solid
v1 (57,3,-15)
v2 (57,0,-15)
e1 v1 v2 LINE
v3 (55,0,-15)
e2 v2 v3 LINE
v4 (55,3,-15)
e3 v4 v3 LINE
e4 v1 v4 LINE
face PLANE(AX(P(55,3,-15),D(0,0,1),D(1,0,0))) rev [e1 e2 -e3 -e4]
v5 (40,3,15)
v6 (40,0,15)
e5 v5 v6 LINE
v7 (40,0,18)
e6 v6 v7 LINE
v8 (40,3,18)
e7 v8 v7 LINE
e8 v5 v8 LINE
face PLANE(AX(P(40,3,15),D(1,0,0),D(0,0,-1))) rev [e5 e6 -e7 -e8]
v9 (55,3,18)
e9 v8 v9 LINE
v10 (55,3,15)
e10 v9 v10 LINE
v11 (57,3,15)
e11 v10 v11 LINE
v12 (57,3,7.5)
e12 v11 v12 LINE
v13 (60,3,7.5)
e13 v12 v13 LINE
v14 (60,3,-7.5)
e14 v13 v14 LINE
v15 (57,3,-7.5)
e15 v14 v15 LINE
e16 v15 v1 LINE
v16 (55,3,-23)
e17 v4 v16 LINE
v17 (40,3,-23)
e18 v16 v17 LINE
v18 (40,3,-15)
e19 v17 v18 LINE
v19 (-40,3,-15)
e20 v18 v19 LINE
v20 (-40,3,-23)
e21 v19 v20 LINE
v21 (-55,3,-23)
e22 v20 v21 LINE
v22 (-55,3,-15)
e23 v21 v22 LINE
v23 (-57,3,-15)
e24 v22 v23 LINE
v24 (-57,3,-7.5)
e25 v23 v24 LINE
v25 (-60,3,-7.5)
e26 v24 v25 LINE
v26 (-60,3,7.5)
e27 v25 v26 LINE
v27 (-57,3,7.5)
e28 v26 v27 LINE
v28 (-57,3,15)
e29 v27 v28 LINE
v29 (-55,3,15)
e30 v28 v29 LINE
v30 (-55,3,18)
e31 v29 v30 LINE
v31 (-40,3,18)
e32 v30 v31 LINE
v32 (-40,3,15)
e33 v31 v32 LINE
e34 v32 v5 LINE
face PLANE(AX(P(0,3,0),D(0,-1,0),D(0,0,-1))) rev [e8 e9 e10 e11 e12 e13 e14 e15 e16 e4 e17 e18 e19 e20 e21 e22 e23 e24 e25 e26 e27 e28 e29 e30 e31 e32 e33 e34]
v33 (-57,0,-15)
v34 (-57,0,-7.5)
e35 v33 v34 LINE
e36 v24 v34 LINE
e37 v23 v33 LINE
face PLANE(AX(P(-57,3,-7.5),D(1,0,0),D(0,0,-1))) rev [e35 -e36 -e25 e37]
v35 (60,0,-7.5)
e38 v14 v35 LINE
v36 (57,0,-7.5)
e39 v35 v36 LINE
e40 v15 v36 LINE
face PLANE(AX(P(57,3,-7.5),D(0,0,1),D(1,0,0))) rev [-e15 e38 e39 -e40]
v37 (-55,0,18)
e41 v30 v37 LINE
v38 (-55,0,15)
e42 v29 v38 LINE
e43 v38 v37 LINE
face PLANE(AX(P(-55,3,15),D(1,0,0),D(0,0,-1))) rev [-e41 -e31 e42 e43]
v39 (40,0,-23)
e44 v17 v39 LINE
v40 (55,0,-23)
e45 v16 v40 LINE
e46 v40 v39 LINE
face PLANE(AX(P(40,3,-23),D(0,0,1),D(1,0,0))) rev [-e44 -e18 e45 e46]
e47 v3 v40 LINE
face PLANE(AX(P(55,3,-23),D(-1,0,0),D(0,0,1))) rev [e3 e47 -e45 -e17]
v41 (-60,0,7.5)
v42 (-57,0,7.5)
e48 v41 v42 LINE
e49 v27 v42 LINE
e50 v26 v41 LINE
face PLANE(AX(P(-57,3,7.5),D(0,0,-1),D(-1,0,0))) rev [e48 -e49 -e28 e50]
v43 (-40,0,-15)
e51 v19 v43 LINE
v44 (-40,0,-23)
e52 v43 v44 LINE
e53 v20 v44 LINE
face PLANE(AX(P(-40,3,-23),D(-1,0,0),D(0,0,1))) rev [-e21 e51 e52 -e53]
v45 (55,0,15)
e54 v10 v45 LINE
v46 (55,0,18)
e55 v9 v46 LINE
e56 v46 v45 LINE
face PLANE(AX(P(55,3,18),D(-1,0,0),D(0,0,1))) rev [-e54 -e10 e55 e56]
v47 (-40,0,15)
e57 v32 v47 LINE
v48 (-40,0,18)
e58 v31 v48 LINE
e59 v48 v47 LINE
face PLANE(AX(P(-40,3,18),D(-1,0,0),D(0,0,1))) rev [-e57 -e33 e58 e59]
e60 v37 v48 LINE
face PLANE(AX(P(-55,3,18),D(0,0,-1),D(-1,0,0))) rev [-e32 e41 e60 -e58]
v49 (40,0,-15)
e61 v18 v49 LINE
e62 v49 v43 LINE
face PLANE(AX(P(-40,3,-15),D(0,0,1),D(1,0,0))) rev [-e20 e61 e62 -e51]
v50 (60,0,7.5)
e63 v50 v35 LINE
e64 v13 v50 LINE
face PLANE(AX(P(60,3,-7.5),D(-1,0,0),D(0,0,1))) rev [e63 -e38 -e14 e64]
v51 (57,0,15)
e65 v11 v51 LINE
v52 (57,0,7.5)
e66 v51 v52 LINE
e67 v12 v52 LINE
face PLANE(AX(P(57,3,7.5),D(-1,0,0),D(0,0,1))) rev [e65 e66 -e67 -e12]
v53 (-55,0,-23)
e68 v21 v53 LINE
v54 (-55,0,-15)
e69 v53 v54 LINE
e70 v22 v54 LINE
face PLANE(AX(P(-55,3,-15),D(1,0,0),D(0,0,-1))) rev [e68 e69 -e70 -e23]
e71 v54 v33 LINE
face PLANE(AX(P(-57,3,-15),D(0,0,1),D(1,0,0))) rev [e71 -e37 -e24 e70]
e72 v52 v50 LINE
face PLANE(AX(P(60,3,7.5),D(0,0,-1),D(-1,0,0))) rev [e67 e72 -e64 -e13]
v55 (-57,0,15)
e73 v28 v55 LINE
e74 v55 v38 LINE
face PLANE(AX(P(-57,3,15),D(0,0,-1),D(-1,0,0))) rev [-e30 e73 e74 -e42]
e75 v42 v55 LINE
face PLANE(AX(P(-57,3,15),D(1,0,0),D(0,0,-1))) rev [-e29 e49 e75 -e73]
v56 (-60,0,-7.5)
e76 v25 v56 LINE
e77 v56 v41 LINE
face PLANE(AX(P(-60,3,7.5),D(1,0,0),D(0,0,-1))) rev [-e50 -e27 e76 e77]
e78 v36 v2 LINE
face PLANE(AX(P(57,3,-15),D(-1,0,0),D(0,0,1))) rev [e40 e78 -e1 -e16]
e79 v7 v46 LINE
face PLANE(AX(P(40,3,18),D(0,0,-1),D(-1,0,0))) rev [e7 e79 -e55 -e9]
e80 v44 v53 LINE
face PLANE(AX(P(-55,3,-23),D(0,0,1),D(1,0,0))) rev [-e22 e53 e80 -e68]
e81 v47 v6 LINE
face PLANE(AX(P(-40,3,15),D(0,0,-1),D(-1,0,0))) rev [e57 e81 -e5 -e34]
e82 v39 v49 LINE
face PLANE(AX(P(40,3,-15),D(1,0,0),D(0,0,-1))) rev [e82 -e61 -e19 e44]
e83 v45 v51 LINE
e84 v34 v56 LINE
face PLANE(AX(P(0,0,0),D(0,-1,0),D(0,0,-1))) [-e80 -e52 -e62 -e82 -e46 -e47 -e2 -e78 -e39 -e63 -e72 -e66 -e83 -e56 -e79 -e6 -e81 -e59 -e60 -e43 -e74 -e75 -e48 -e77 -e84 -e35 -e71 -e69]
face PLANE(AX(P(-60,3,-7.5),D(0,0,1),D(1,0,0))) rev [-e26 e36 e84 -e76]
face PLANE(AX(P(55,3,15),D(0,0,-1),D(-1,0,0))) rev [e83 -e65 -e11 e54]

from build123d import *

# Parameters (mm, degrees)
BOSS_EXTRUDE1_DEPTH = 3


with BuildPart() as part:
    # Sketch1 → Boss-Extrude1 (new body)
    with BuildSketch(Plane(origin=(0, 0, 0), x_dir=(1, 0, 0), z_dir=(0, 1, 0))):
        Polygon((57, 15), (57, 7.5), (60, 7.5), (60, -7.5), (57, -7.5), (57, -15), (55, -15), (55, -18), (40, -18), (40, -15), (-40, -15), (-40, -18), (-55, -18), (-55, -15), (-57, -15), (-57, -7.5), (-60, -7.5), (-60, 7.5), (-57, 7.5), (-57, 15), (-55, 15), (-55, 23), (-40, 23), (-40, 15), (40, 15), (40, 23), (55, 23), (55, 15), align=None)
    extrude(amount=BOSS_EXTRUDE1_DEPTH)


solid = part.part
